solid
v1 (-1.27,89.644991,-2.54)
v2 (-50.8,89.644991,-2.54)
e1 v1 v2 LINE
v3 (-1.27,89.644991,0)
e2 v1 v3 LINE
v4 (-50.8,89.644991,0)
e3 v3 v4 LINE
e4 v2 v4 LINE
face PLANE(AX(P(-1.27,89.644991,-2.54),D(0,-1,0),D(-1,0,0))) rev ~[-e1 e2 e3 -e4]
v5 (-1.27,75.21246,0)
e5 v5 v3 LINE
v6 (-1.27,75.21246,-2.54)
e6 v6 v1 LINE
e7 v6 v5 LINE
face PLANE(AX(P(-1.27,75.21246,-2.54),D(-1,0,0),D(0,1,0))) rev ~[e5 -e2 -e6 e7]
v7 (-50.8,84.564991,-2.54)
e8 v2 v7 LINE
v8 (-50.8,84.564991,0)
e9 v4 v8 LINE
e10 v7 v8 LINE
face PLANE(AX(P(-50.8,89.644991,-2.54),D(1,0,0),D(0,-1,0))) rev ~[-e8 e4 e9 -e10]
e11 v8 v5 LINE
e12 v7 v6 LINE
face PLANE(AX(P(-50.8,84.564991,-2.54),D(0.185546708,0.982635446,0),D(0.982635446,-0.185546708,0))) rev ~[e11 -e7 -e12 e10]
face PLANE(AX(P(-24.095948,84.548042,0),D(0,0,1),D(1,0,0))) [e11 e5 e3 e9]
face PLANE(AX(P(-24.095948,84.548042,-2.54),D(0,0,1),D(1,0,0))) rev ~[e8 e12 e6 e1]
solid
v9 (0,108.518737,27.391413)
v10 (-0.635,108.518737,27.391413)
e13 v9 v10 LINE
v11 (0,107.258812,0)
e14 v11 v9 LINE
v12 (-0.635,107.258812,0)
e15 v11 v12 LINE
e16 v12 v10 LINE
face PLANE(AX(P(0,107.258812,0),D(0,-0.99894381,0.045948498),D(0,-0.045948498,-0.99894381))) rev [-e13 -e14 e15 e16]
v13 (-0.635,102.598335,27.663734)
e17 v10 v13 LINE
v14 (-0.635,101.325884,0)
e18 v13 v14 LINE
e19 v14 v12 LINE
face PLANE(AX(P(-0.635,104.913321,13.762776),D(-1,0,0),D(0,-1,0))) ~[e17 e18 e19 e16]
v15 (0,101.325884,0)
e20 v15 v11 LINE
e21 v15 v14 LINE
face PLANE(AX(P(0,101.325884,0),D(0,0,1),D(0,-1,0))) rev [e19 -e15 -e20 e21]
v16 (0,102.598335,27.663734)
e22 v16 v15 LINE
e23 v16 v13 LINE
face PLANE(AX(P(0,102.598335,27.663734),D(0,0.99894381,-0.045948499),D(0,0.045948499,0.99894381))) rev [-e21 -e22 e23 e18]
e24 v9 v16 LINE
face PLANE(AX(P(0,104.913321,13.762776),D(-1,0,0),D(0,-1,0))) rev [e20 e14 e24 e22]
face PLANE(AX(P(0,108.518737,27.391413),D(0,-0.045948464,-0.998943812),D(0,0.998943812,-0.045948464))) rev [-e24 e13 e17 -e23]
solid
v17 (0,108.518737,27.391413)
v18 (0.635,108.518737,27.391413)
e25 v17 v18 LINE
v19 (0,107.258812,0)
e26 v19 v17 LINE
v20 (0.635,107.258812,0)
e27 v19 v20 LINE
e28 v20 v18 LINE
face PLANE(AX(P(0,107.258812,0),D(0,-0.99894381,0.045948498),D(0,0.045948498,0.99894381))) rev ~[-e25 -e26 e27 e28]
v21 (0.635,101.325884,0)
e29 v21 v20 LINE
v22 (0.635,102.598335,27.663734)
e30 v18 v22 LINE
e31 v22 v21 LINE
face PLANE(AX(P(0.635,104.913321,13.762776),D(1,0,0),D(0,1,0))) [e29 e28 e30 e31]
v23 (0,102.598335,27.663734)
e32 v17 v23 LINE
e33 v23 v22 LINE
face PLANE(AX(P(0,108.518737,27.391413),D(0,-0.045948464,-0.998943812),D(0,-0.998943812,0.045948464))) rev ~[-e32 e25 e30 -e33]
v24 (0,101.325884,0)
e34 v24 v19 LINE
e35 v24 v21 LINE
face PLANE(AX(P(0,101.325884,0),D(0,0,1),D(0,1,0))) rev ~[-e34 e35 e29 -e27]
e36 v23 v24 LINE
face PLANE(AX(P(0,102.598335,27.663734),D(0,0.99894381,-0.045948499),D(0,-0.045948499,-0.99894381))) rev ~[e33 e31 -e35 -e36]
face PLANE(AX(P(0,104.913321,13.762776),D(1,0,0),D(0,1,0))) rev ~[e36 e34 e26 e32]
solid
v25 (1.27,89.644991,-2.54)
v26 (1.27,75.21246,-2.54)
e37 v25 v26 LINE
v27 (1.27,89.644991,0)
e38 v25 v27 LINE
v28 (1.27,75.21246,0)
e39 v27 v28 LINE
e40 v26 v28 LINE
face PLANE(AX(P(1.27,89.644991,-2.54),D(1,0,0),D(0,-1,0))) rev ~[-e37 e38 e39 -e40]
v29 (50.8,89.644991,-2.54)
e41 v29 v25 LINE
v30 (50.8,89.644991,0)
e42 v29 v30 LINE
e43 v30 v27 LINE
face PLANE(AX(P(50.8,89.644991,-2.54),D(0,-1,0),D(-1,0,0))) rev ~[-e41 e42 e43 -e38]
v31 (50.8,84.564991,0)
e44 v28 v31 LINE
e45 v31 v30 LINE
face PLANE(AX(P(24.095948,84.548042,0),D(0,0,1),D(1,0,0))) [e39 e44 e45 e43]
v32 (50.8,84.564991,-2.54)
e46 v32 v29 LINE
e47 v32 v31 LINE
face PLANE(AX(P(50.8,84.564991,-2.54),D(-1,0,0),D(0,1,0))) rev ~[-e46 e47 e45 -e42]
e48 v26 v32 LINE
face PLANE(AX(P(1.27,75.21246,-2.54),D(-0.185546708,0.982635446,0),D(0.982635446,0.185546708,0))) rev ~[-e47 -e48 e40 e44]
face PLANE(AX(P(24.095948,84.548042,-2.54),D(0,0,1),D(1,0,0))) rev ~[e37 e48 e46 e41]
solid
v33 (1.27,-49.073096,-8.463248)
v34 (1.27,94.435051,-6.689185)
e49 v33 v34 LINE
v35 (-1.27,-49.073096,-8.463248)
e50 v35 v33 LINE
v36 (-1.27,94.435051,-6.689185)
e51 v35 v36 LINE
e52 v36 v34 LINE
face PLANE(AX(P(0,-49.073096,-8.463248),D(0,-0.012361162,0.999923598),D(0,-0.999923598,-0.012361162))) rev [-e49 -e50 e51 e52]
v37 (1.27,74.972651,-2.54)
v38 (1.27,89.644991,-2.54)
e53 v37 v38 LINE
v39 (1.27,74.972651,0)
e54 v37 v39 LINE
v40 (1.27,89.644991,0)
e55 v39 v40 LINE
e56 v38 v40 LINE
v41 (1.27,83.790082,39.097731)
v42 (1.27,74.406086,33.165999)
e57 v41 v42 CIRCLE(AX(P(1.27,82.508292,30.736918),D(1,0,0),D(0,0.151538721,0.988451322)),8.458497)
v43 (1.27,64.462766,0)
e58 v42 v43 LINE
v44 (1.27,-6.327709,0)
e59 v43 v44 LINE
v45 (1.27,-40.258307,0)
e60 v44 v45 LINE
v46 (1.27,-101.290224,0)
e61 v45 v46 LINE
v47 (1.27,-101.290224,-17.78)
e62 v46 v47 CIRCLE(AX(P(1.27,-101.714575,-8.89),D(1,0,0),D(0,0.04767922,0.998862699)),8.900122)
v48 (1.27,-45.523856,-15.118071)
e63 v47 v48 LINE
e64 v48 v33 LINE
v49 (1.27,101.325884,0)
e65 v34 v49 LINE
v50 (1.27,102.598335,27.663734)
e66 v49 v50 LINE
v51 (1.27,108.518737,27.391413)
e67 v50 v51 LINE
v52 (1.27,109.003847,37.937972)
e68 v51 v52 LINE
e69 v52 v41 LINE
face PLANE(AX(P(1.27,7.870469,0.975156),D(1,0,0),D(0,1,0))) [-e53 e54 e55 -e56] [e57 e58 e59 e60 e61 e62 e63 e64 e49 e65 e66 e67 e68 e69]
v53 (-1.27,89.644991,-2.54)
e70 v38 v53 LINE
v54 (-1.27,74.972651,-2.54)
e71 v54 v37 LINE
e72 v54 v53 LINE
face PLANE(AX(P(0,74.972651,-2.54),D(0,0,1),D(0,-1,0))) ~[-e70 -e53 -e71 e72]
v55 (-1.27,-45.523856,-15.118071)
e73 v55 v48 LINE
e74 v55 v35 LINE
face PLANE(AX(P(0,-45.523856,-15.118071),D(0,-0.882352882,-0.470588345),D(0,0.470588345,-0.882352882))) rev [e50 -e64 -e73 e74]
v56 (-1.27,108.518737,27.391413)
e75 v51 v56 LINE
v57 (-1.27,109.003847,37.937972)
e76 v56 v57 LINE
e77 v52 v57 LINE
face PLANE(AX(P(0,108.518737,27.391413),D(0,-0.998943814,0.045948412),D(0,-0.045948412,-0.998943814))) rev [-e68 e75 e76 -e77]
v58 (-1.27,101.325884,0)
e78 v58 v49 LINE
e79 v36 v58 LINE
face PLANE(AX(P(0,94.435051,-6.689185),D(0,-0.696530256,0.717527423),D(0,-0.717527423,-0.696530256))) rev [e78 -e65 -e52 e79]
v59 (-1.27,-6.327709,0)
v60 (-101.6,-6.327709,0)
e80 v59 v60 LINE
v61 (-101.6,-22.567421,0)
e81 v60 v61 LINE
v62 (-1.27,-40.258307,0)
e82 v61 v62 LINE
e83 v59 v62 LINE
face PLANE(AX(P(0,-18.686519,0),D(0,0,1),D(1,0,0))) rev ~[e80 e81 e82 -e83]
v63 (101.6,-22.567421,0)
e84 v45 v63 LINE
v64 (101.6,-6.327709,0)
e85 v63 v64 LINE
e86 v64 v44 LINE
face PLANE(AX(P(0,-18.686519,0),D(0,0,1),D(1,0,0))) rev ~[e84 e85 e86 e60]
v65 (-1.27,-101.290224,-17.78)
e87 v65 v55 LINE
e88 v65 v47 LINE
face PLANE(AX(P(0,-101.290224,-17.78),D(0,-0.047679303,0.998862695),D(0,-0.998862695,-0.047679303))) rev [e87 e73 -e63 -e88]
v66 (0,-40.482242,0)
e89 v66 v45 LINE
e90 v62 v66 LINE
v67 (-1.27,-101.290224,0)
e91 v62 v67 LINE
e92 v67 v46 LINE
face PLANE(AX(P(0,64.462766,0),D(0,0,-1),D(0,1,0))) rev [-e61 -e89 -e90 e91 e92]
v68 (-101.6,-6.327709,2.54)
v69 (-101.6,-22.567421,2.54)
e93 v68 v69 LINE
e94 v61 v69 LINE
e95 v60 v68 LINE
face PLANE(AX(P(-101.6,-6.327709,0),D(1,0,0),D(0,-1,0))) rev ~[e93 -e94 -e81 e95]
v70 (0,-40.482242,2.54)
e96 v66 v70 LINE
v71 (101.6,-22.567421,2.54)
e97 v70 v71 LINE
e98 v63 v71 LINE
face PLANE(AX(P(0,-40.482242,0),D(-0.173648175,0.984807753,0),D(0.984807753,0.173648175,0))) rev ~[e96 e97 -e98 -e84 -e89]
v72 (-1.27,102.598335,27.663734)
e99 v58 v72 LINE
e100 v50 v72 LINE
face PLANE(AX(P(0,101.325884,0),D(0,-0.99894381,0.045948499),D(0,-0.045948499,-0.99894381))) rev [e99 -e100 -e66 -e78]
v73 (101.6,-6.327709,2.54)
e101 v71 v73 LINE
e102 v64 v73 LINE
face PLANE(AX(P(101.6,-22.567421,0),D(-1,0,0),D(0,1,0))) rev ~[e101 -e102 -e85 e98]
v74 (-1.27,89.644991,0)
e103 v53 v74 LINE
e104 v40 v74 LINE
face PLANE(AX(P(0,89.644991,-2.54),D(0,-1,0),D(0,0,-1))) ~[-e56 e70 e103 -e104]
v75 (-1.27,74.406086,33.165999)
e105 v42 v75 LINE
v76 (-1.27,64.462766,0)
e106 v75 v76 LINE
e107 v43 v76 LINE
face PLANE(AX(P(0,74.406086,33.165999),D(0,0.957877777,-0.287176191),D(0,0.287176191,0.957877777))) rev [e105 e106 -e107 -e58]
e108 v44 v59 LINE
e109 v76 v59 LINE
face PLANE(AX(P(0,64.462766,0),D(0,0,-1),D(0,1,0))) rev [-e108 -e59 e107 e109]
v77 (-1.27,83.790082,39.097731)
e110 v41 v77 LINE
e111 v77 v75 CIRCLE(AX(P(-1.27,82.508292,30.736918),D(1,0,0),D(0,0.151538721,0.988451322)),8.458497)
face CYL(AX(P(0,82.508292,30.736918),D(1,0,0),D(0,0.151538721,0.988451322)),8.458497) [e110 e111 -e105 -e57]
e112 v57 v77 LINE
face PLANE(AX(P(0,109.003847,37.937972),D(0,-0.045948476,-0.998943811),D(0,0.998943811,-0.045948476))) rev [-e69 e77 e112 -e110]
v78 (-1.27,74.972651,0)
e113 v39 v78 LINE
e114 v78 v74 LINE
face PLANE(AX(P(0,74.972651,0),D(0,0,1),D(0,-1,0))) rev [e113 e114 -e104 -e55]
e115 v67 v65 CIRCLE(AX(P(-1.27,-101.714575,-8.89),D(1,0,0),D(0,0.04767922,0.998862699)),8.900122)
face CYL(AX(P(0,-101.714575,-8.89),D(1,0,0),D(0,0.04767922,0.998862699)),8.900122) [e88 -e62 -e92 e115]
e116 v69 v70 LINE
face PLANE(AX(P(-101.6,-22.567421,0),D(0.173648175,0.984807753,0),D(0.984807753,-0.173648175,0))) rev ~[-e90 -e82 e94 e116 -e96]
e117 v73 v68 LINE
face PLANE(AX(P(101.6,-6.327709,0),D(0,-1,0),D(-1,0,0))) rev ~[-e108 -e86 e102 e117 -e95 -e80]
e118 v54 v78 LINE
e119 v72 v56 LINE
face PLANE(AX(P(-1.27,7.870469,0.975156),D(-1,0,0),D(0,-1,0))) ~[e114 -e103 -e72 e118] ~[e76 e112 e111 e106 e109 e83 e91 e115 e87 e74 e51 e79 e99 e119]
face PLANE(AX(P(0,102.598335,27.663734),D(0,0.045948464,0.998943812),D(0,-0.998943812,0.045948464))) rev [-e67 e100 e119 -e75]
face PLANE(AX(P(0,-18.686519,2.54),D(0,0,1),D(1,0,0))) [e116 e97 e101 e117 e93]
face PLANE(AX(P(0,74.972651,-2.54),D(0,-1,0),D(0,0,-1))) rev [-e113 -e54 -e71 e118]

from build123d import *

# Parameters (mm, degrees)
F0_W     = 14.672339
F0_H     = 2.54
F1_DEPTH = 1.27
F4_DEPTH = 2.54
F5_DEPTH = 0.635
F8_DEPTH = 2.54


with BuildPart() as f1:
    # F0 (on Right) → F1 (new body)
    with BuildSketch(Plane.YZ):
        with BuildLine():
            Line((64.462766, 0), (-101.290224, 0))
            ThreePointArc((-101.290224, 0), (-110.614697, -8.89), (-101.290224, -17.78))
            Line((-101.290224, -17.78), (-45.523856, -15.118071))
            Line((-45.523856, -15.118071), (-49.073096, -8.463248))
            Line((-49.073096, -8.463248), (94.435051, -6.689185))
            Line((94.435051, -6.689185), (101.325884, 0))
            Line((101.325884, 0), (102.598335, 27.663734))
            Line((102.598335, 27.663734), (108.518737, 27.391413))
            Line((108.518737, 27.391413), (109.003847, 37.937972))
            Line((109.003847, 37.937972), (83.790082, 39.097731))
            ThreePointArc((83.790082, 39.097731), (77.988792, 37.886764), (74.406086, 33.165999))
            Line((74.406086, 33.165999), (64.462766, 0))
        make_face()
        with Locations((82.308821, -1.27)):
            Rectangle(F0_W, F0_H, mode=Mode.SUBTRACT)
    extrude(amount=F1_DEPTH)

    # F2: F1 across plane


with BuildPart() as f1_1:
    add(f1.part)
    add(f1.part.mirror(Plane.YZ))

    # F3 (on face) → F4 (join)
    with BuildSketch(Plane.XY):
        Polygon((101.6, -6.327709), (0, -6.327709), (-101.6, -6.327709), (-101.6, -22.567421), (0, -40.482242), (101.6, -22.567421), align=None)
    extrude(amount=F4_DEPTH)


with BuildPart() as f5:
    # F0 (on Right) → F5 (new body)
    with BuildSketch(Plane.YZ):
        Polygon((107.258812, 0), (108.518737, 27.391413), (102.598335, 27.663734), (101.325884, 0), align=None)
    extrude(amount=F5_DEPTH)


with BuildPart() as f6_1:
    # F6: instance of F5
    add(f5.part.mirror(Plane.YZ))


with BuildPart() as f8:
    # F7 (on face) → F8 (new body)
    with BuildSketch(Plane.XY.offset(-2.54)):
        Polygon((50.8, 89.644991), (1.27, 89.644991), (1.27, 75.21246), (50.8, 84.564991), align=None)
        Polygon((-1.27, 75.21246), (-1.27, 89.644991), (-50.8, 89.644991), (-50.8, 84.564991), align=None)
    extrude(amount=F8_DEPTH)


solid = Compound([f1_1.part, f5.part, f6_1.part, f8.part])
